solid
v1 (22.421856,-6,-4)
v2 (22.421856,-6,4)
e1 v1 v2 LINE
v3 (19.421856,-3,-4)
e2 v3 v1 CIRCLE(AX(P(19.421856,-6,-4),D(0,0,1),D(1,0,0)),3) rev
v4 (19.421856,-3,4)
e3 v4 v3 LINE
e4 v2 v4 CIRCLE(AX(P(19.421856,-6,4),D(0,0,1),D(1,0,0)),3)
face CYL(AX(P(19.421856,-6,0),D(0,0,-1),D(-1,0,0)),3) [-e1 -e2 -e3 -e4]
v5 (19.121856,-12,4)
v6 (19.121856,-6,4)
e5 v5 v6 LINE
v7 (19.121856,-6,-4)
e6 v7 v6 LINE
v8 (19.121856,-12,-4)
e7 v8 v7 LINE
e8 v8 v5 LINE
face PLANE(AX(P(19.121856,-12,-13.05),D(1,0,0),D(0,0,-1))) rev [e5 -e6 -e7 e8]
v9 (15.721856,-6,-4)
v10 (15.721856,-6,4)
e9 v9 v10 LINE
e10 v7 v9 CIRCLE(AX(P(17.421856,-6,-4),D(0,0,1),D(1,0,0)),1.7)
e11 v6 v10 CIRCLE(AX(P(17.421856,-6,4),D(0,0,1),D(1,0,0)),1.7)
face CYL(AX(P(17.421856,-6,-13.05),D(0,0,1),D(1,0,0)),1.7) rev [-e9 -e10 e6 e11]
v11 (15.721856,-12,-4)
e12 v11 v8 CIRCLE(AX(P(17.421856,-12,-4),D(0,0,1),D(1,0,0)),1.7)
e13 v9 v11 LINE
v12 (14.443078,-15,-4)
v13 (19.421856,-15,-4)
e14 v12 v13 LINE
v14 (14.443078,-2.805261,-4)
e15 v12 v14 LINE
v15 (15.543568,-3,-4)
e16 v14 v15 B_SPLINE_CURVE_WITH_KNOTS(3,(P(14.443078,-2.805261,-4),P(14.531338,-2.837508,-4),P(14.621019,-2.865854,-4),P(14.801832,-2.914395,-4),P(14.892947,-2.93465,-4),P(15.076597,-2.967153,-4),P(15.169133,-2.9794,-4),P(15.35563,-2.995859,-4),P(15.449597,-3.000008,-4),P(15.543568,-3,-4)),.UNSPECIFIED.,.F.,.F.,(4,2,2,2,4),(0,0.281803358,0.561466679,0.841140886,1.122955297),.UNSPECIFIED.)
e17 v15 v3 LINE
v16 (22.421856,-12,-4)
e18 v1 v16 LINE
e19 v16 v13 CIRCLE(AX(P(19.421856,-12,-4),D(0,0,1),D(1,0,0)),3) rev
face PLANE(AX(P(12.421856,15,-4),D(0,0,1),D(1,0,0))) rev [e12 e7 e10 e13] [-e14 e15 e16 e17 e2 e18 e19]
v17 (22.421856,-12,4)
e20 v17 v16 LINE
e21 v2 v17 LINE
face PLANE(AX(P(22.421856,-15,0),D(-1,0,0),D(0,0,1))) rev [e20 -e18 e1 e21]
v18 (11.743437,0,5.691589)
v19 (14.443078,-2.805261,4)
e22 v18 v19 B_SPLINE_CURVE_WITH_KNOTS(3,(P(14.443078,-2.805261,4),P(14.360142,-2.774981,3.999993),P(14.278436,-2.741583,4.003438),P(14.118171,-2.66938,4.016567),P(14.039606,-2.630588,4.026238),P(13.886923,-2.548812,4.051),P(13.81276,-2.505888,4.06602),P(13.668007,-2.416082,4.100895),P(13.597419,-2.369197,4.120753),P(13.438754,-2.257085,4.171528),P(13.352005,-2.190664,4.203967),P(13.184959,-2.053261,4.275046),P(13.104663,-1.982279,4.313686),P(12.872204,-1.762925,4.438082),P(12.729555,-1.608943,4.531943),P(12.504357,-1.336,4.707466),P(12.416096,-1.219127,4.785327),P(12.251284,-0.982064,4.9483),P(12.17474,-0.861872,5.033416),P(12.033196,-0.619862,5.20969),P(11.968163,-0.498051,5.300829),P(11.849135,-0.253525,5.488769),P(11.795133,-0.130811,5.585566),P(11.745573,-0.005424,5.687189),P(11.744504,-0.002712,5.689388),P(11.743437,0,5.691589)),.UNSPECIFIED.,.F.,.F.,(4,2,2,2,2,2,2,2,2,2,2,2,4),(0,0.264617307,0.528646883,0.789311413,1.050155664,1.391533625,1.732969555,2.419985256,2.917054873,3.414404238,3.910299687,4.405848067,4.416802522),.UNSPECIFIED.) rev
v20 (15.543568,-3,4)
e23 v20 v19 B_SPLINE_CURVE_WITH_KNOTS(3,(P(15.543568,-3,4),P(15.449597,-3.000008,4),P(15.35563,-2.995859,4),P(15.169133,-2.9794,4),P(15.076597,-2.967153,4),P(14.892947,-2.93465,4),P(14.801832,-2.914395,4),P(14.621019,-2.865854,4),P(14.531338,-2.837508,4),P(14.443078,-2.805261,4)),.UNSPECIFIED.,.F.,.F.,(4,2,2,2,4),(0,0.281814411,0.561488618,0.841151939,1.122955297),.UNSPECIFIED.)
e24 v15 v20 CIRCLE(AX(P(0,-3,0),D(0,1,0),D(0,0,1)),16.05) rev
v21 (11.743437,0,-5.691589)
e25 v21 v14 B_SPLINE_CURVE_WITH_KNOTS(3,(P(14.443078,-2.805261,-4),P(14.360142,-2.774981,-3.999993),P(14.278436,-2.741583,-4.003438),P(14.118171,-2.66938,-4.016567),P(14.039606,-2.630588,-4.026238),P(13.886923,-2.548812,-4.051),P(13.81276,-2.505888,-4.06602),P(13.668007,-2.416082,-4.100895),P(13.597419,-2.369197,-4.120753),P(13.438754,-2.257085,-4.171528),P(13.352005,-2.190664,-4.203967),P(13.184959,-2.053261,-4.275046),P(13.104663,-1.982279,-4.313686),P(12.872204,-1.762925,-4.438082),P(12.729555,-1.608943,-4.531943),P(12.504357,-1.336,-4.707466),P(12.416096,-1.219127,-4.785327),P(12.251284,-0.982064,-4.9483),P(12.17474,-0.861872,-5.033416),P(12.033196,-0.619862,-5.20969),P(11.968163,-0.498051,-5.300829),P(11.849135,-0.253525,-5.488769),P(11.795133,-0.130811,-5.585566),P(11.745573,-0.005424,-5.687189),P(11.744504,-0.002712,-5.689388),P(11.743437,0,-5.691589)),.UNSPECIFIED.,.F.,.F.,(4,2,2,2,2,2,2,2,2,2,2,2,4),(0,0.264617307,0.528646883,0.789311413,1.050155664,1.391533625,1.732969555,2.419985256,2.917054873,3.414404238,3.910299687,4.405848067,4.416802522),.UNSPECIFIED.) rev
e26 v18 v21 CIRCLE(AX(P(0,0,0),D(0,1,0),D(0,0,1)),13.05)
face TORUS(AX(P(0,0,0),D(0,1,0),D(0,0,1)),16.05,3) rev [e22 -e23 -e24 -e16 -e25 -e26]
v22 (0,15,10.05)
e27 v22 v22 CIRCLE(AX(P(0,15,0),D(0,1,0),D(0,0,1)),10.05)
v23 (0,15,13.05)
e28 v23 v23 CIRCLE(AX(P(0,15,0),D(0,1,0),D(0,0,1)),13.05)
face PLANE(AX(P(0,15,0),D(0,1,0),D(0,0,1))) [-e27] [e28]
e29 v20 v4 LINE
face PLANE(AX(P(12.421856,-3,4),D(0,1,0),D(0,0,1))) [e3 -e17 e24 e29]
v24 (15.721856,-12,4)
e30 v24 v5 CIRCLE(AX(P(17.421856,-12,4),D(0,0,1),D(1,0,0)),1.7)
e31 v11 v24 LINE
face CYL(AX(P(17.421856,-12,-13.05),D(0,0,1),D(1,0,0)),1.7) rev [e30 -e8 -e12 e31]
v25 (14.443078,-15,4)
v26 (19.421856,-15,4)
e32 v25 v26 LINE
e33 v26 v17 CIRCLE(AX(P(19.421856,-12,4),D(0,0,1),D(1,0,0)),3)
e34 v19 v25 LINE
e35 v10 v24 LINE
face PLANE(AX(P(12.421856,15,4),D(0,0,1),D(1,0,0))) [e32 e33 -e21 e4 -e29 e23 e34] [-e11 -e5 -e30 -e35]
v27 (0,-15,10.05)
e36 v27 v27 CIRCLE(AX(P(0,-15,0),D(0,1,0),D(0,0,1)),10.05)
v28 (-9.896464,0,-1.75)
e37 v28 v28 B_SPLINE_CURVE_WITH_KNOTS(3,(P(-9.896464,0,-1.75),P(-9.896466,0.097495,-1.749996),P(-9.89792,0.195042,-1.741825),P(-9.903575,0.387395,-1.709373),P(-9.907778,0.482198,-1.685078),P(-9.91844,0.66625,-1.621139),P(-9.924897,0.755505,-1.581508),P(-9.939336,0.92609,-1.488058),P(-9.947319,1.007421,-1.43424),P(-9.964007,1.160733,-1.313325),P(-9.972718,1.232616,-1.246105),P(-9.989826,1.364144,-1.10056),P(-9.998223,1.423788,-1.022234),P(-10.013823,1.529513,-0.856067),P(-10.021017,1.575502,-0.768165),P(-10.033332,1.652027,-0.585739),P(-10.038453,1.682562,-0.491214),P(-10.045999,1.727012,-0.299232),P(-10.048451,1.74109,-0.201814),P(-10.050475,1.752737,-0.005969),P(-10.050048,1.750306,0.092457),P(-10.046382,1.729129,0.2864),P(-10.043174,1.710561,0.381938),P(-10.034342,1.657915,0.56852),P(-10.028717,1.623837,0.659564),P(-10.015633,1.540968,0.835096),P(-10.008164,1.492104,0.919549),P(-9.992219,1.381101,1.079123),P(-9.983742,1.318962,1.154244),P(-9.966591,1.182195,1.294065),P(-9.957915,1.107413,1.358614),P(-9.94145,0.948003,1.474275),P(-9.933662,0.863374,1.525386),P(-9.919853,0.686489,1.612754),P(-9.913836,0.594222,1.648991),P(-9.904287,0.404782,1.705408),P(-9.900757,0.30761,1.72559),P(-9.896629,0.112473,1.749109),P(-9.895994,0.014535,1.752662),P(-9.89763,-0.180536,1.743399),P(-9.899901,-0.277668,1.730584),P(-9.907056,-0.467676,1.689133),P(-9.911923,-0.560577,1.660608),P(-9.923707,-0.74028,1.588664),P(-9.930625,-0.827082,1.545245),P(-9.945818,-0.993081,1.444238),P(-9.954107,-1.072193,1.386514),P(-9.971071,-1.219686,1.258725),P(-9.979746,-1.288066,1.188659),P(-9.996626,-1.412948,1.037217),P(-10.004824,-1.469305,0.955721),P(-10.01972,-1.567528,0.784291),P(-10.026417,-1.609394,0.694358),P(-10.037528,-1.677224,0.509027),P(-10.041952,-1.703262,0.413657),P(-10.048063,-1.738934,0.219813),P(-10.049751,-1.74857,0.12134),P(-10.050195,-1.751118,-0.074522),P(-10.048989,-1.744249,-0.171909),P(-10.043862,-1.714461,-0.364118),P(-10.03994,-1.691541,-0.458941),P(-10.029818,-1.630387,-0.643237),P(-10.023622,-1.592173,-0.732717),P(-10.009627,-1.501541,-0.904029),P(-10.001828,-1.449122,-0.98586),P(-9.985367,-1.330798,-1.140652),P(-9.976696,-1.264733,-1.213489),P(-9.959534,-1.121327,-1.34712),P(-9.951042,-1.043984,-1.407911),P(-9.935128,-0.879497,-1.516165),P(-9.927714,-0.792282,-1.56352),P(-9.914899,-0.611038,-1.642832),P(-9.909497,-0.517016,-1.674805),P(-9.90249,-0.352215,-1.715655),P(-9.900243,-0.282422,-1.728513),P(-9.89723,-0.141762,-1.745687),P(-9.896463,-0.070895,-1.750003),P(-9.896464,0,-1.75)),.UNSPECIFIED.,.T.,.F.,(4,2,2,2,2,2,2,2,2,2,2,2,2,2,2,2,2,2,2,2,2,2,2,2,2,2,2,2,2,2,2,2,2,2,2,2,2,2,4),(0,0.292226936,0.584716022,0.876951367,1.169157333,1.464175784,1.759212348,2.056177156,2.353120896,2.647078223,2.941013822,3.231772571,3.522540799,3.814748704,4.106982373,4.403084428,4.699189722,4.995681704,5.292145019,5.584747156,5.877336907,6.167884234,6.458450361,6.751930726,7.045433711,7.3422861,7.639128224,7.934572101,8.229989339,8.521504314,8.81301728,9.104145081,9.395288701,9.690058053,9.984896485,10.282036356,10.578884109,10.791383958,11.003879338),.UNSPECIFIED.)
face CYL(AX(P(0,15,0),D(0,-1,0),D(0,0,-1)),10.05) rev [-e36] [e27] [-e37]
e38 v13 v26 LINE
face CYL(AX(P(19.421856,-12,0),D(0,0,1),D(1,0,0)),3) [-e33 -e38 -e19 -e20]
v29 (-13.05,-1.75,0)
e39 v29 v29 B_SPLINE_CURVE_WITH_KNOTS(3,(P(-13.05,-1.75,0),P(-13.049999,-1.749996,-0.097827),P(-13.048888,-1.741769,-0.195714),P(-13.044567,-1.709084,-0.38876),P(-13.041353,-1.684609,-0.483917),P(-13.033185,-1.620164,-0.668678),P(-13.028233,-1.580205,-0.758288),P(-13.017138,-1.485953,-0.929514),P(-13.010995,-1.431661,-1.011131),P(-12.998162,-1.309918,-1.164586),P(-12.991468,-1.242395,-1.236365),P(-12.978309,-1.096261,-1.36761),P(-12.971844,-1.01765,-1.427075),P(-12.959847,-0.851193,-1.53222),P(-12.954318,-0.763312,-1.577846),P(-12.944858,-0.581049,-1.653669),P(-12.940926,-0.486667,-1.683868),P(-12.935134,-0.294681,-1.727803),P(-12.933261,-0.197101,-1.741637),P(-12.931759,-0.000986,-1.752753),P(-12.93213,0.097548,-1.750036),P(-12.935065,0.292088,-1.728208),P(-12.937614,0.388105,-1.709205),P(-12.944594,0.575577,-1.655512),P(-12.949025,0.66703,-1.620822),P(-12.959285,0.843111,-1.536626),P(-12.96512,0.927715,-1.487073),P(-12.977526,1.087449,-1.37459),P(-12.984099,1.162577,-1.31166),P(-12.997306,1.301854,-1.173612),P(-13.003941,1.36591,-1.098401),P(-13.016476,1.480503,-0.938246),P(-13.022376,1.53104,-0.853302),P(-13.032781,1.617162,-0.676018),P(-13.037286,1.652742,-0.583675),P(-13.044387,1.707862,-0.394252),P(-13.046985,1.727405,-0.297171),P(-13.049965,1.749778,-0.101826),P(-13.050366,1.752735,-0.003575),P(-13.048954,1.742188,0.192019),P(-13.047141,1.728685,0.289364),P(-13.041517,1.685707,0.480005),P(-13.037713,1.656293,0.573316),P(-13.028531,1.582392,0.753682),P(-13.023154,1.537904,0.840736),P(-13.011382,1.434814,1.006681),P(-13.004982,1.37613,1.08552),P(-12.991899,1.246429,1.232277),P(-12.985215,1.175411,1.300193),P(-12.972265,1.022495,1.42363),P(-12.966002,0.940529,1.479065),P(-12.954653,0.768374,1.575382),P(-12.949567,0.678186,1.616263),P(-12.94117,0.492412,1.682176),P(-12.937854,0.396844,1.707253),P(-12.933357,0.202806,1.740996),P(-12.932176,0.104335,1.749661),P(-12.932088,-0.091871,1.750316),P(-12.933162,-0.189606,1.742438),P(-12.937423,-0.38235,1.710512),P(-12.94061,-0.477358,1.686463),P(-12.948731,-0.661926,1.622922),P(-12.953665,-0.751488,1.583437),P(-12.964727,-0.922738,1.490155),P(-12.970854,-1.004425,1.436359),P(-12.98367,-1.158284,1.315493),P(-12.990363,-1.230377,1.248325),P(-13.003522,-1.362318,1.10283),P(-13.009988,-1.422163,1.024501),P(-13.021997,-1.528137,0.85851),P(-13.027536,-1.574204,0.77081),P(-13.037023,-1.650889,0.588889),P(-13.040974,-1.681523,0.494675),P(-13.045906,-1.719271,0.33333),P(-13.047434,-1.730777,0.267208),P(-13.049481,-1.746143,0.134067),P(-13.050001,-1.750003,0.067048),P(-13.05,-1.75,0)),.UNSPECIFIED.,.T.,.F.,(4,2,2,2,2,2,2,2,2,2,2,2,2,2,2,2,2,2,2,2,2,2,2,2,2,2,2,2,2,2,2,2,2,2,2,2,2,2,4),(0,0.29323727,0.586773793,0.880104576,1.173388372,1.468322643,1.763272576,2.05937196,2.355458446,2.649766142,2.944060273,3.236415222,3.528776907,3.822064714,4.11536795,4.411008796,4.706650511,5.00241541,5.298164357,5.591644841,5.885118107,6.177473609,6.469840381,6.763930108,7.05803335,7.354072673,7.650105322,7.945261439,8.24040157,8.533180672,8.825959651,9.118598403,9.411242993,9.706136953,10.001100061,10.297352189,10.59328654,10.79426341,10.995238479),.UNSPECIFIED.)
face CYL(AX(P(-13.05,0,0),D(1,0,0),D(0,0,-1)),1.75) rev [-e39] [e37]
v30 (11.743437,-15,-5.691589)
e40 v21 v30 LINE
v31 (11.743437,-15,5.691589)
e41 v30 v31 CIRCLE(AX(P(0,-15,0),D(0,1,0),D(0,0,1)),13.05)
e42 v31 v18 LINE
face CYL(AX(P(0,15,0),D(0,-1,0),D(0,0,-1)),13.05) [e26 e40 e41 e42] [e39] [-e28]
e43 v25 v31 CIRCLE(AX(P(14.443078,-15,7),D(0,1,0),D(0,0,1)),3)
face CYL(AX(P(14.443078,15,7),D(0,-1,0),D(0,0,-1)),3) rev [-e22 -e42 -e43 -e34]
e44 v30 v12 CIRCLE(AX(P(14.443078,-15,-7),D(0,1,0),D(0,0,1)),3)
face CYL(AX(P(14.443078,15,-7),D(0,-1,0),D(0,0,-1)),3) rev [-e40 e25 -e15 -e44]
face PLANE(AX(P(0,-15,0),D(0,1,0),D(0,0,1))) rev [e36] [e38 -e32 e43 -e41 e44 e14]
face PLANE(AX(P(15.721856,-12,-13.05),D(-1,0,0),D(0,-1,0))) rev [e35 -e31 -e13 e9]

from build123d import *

# Parameters (mm, degrees)
SKETCH_1_R             = 13.05
SKETCH_1_R_2           = 10.05
EXTRUDE_1_DEPTH        = 15
EXTRUDE_2_REACH        = 35.782
EXTRUDE_2_START_RADIUS = 13.05
EXTRUDE_2_END_RADIUS   = 13.05
SKETCH_2_W             = 8
SKETCH_2_H             = 12
CUT_EXTRUDE_1_DEPTH    = 33.025068306
CUT_EXTRUDE_2_DEPTH    = 32.913039886
FILLET_1_R             = 3
FILLET_2_R             = 3
SKETCH_6_R             = 1.75
CUT_EXTRUDE_3_DEPTH    = 30.967350938


with BuildPart() as part:
    # 草图1 → 凸台-拉伸1 (new, symmetric)
    with BuildSketch(Plane(origin=(0, 0, 0), x_dir=(1, 0, 0), z_dir=(0, 1, 0))):
        with Locations(Location((0, 0, 0), (0, 0, 270))):
            Circle(SKETCH_1_R)
        with Locations(Location((0, 0, 0), (0, 0, 270))):
            Circle(SKETCH_1_R_2, mode=Mode.SUBTRACT)
    extrude(amount=EXTRUDE_1_DEPTH, both=True)

    # 凸台-拉伸2: from a cylinder face, 35.782 long prism both ways, kept between that surface and its translate by the depth
    extrude_2_start = Plane(origin=(0, -9, 0), z_dir=(0, -1, 0)) * Cylinder(EXTRUDE_2_START_RADIUS, 98.664, mode=Mode.PRIVATE)
    extrude_2_end = Plane(origin=(10, -9, 0), z_dir=(0, -1, 0)) * Cylinder(EXTRUDE_2_END_RADIUS, 98.664, mode=Mode.PRIVATE)
    # 草图2 → 凸台-拉伸2 (add, from a surface)
    with BuildSketch(Plane(origin=(0, 0, 0), x_dir=(0, 0, -1), z_dir=(1, 0, 0)), mode=Mode.PRIVATE) as extrude_2_sk1:
        with Locations((0, -9)):
            Rectangle(SKETCH_2_W, SKETCH_2_H)
    extrude_2_tool1 = extrude(extrude_2_sk1.sketch, amount=EXTRUDE_2_REACH, both=True, mode=Mode.PRIVATE)
    add(((extrude_2_tool1 - extrude_2_start) & extrude_2_end).solids().sort_by_distance((17.421856, -9, 0))[0])

    # 草图4 → 切除-拉伸1 (cut, through all)
    with BuildSketch(Plane(origin=(0, -3, 0), x_dir=(1, 0, 0), z_dir=(0, 1, 0))):
        with BuildLine():
            Line((22.421855739, 4), (22.421855739, -4))
            ThreePointArc((22.421855739, -4), (23.05, 0), (22.421855739, 4))
        make_face()
    extrude(amount=-CUT_EXTRUDE_1_DEPTH, mode=Mode.SUBTRACT)

    # 草图5 → 切除-拉伸2 (cut, through all)
    with BuildSketch(Plane.XY.offset(4)):
        with BuildLine():
            Line((15.721855739, -12), (15.721855739, -6))
            ThreePointArc((15.721855739, -6), (17.421855739, -4.3), (19.121855739, -6))
            Line((19.121855739, -6), (19.121855739, -12))
            ThreePointArc((19.121855739, -12), (17.421855739, -13.7), (15.721855739, -12))
        make_face()
    extrude(amount=-CUT_EXTRUDE_2_DEPTH, mode=Mode.SUBTRACT)

    # 圆角1
    fillet_1_edges = [part.edges().sort_by_distance(p)[0] for p in [
        (22.421855739, -15, 0),
        (22.421855739, -3, 0),
    ]]
    fillet(fillet_1_edges, radius=FILLET_1_R)

    # 圆角2
    fillet_2_edges = [part.edges().sort_by_distance(p)[0] for p in [
        (12.421855739, -9, -4),
        (13.05, -3, 0),
        (12.421855739, -9, 4),
    ]]
    fillet(fillet_2_edges, radius=FILLET_2_R)

    # 草图6 → 切除-拉伸3 (cut, through all)
    with BuildSketch(Plane(origin=(0, 0, 0), x_dir=(0, 0, -1), z_dir=(1, 0, 0))):
        Circle(SKETCH_6_R)
    extrude(amount=-CUT_EXTRUDE_3_DEPTH, mode=Mode.SUBTRACT)


solid = part.part
